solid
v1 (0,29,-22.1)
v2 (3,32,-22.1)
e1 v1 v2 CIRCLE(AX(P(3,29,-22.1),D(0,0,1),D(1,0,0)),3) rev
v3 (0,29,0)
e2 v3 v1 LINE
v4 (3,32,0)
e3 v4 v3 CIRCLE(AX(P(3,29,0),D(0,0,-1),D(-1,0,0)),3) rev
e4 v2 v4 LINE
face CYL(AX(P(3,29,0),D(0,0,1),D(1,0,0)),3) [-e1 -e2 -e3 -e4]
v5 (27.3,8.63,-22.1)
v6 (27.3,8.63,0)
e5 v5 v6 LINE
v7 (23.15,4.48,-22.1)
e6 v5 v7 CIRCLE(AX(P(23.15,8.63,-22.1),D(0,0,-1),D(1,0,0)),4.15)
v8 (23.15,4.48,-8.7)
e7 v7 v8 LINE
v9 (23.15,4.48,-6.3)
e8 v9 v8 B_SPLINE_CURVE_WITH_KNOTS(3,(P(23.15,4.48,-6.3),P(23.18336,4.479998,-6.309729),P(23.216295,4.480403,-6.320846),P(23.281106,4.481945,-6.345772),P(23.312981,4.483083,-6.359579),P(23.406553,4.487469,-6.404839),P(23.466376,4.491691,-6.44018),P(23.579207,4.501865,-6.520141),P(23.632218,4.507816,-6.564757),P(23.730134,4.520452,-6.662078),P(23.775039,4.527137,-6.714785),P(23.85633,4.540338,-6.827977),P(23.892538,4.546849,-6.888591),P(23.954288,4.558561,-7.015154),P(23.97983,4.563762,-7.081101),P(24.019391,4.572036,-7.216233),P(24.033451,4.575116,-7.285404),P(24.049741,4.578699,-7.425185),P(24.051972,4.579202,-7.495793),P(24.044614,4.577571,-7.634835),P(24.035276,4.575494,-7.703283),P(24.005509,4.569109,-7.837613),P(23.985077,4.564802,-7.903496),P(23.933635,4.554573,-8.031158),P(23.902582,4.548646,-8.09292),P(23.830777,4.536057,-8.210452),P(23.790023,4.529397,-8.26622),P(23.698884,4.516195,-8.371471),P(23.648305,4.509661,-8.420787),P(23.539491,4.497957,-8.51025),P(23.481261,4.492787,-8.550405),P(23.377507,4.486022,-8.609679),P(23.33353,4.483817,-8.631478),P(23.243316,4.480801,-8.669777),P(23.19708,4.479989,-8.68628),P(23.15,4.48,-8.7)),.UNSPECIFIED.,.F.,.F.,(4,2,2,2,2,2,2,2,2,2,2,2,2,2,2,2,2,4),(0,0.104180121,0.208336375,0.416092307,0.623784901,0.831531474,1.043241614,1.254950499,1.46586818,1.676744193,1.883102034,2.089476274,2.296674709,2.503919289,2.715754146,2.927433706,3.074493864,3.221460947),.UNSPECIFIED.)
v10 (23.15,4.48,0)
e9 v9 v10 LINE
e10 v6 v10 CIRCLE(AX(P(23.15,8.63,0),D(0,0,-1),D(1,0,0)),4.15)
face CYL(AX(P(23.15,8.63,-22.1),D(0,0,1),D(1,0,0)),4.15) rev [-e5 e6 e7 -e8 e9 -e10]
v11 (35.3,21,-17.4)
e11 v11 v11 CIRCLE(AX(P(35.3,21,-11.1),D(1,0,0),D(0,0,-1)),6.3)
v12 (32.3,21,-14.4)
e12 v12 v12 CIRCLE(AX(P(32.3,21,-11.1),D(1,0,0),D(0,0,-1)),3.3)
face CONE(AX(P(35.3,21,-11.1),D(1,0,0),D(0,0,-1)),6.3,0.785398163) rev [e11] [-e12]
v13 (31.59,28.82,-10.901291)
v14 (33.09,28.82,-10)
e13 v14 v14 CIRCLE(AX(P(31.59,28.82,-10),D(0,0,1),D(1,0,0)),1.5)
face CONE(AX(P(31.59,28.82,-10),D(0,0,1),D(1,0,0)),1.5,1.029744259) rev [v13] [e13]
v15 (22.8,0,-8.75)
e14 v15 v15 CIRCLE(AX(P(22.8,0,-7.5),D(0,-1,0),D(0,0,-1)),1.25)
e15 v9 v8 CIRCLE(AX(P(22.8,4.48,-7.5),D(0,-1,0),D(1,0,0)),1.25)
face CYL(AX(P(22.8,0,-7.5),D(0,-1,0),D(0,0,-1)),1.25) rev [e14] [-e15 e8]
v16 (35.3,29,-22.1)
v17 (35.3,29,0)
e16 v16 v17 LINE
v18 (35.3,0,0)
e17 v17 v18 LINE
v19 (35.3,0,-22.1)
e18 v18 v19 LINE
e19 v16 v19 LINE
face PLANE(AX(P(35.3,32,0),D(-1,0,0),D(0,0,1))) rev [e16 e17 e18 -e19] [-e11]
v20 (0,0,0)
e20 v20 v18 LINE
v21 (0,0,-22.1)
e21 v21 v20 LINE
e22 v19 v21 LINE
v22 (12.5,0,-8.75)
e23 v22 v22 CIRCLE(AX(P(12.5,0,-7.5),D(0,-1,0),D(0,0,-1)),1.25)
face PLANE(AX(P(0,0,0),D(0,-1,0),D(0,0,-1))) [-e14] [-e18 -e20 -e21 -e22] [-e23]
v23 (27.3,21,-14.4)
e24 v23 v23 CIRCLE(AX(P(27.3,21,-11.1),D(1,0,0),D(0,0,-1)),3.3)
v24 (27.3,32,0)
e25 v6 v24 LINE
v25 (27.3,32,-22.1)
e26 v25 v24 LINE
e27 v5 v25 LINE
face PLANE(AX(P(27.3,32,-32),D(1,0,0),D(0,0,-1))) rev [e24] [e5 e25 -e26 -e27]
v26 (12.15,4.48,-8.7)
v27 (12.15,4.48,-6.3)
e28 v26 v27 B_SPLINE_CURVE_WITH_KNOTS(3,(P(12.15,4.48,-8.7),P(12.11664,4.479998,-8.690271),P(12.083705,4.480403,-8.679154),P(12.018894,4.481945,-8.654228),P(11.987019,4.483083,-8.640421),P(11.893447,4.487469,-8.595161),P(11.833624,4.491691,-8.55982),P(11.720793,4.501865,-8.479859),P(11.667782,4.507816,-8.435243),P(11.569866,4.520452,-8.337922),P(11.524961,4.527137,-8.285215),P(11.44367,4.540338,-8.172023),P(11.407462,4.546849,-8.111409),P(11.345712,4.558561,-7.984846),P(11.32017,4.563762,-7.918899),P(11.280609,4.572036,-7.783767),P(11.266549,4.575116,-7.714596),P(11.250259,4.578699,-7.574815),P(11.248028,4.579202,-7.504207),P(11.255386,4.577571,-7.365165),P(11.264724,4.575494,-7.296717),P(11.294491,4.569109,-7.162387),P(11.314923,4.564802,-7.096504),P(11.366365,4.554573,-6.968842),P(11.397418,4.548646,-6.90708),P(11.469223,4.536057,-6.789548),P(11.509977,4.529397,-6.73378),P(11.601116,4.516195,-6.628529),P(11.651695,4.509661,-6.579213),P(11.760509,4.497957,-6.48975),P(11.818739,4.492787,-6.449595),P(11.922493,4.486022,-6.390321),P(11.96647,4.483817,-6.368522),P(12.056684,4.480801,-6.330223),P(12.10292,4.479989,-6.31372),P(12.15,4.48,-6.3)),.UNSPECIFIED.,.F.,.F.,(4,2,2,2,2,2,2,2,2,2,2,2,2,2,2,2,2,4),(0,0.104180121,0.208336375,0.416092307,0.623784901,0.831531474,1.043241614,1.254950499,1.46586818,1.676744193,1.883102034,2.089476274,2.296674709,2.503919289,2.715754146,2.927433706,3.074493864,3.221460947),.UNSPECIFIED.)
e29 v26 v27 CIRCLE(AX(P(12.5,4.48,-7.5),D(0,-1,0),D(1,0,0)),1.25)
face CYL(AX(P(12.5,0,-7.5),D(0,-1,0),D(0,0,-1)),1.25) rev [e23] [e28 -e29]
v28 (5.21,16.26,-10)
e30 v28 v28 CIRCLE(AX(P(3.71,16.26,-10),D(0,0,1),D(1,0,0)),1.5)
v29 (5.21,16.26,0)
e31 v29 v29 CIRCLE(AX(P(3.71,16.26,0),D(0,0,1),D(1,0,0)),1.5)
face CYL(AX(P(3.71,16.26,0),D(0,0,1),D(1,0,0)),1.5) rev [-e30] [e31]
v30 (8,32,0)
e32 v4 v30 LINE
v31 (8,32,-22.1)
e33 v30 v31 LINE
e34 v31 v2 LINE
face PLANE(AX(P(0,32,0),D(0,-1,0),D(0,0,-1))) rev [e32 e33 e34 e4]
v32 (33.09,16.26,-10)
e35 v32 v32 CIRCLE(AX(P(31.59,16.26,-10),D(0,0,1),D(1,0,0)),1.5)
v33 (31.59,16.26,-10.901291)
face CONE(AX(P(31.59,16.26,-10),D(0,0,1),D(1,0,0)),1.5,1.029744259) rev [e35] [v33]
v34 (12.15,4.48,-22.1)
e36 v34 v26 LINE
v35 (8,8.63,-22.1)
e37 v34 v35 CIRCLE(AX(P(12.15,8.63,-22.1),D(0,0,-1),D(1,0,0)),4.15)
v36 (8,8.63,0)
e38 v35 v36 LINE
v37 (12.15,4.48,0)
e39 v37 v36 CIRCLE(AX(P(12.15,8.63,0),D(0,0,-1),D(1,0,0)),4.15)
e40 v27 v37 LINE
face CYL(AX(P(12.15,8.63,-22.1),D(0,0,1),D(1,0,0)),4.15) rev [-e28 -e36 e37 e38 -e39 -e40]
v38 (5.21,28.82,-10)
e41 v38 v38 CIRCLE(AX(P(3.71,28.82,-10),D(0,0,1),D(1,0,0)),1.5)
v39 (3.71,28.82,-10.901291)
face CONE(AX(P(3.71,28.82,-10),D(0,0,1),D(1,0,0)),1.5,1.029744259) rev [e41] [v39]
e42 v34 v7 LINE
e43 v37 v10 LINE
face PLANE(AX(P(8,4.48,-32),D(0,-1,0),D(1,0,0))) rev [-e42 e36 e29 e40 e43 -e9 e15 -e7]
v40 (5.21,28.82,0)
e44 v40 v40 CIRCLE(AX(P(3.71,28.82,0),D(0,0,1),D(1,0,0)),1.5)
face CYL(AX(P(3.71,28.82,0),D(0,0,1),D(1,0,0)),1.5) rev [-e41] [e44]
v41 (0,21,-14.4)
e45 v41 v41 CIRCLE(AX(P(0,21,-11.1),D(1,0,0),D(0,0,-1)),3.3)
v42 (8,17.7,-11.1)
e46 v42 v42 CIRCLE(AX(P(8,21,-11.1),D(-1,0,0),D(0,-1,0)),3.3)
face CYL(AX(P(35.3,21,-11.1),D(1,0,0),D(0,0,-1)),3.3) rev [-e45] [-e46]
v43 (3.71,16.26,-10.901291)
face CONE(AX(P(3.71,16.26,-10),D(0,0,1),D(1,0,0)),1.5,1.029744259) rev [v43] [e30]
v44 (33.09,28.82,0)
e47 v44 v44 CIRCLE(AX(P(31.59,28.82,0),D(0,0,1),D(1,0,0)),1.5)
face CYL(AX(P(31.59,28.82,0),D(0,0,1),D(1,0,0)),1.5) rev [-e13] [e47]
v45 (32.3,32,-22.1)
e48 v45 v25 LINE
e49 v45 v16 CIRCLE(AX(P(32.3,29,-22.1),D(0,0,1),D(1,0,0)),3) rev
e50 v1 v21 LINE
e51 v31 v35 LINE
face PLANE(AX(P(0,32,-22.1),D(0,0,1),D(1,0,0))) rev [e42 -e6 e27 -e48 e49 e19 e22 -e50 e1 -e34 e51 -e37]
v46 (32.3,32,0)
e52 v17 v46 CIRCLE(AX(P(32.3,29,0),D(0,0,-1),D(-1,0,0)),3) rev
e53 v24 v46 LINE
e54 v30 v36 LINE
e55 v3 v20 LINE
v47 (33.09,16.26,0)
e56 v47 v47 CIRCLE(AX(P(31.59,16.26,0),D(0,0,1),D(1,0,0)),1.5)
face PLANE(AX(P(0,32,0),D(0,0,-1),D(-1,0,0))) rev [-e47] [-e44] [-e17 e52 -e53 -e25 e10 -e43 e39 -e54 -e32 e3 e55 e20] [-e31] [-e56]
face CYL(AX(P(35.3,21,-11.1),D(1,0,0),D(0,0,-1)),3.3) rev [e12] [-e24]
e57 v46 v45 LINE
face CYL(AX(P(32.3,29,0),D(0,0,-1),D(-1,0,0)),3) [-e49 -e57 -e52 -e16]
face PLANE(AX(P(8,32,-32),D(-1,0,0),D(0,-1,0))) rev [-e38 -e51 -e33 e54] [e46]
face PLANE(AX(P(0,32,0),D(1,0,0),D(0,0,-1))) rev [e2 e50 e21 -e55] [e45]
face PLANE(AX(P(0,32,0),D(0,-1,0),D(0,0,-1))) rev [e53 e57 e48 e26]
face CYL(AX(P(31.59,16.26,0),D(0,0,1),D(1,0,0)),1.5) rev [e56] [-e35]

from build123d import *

# Parameters (mm, degrees)
SKETCH1_W                                           = 35.3
SKETCH1_H                                           = 22.1
BOSS_EXTRUDE1_DEPTH                                 = 32
SKETCH2_W                                           = 19.3
SKETCH2_H                                           = 27.52
CUT_EXTRUDE1_DEPTH                                  = 32
BOSS_EXTRUDE2_DEPTH                                 = 22.1
FILLET1_R                                           = 3
CSK_FOR_M6_COUNTERSUNK_FLAT_HEAD_SCREW1_D           = 6.6
CSK_FOR_M6_COUNTERSUNK_FLAT_HEAD_SCREW1_DEPTH       = 45
CSK_FOR_M6_COUNTERSUNK_FLAT_HEAD_SCREW1_CSINK_D     = 12.6
CSK_FOR_M6_COUNTERSUNK_FLAT_HEAD_SCREW1_CSINK_ANGLE = 90
CSK_FOR_M6_COUNTERSUNK_FLAT_HEAD_SCREW1_TIP         = 1.982840043
F_3_0MM_DOWEL_HOLE1_D                               = 3
F_3_0MM_DOWEL_HOLE1_DEPTH                           = 10
F_3_0MM_DOWEL_HOLE1_TIP                             = 0.901290929
F_2_5MM_DOWEL_HOLE1_D                               = 2.5
F_2_5MM_DOWEL_HOLE1_DEPTH                           = 10
F_2_5MM_DOWEL_HOLE1_TIP                             = 0.751075774


with BuildPart() as part:
    # Sketch1 → Boss-Extrude1 (new body)
    with BuildSketch(Plane(origin=(0, 0, 0), x_dir=(1, 0, 0), z_dir=(0, 1, 0))):
        with Locations((17.65, 11.05)):
            Rectangle(SKETCH1_W, SKETCH1_H)
    extrude(amount=BOSS_EXTRUDE1_DEPTH)

    # Sketch2 → Cut-Extrude1 (cut)
    with BuildSketch(Plane.XY):
        with Locations((17.65, 18.24)):
            Rectangle(SKETCH2_W, SKETCH2_H)
    extrude(amount=-CUT_EXTRUDE1_DEPTH, mode=Mode.SUBTRACT)

    # Sketch3 → Boss-Extrude2 (add)
    with BuildSketch(Plane.XY):
        with BuildLine():
            Line((8, 8.63), (8, 4.48))
            Line((8, 4.48), (12.15, 4.48))
            ThreePointArc((12.15, 4.48), (9.215506858, 5.695506858), (8, 8.63))
        make_face()
        with BuildLine():
            Line((27.3, 4.48), (27.3, 8.63))
            ThreePointArc((27.3, 8.63), (26.084493142, 5.695506858), (23.15, 4.48))
            Line((23.15, 4.48), (27.3, 4.48))
        make_face()
    extrude(amount=-BOSS_EXTRUDE2_DEPTH)

    # Fillet1
    fillet1_edges = [part.edges().sort_by_distance(p)[0] for p in [
        (35.3, 32, -11.05),
        (0, 32, -11.05),
    ]]
    fillet(fillet1_edges, radius=FILLET1_R)

    # CSK for M6 Countersunk Flat Head Screw1
    with Locations(Plane(origin=(35.3, 0, 0), x_dir=(0, 0, -1), z_dir=(1, 0, 0))):
        with Locations((11.1, 21)):
            CounterSinkHole(CSK_FOR_M6_COUNTERSUNK_FLAT_HEAD_SCREW1_D / 2, CSK_FOR_M6_COUNTERSUNK_FLAT_HEAD_SCREW1_CSINK_D / 2, depth=CSK_FOR_M6_COUNTERSUNK_FLAT_HEAD_SCREW1_DEPTH, counter_sink_angle=CSK_FOR_M6_COUNTERSUNK_FLAT_HEAD_SCREW1_CSINK_ANGLE)
            with Locations((0, 0, -(CSK_FOR_M6_COUNTERSUNK_FLAT_HEAD_SCREW1_DEPTH + CSK_FOR_M6_COUNTERSUNK_FLAT_HEAD_SCREW1_TIP / 2))):  # 118° drill point
                Cone(0, CSK_FOR_M6_COUNTERSUNK_FLAT_HEAD_SCREW1_D / 2, CSK_FOR_M6_COUNTERSUNK_FLAT_HEAD_SCREW1_TIP, mode=Mode.SUBTRACT)

    # Ø3.0mm Dowel Hole1
    with Locations(Plane.XY):
        with Locations((3.71, 28.82), (3.71, 16.26), (31.59, 28.82), (31.59, 16.26)):
            Hole(F_3_0MM_DOWEL_HOLE1_D / 2, depth=F_3_0MM_DOWEL_HOLE1_DEPTH)
            with Locations((0, 0, -(F_3_0MM_DOWEL_HOLE1_DEPTH + F_3_0MM_DOWEL_HOLE1_TIP / 2))):  # 118° drill point
                Cone(0, F_3_0MM_DOWEL_HOLE1_D / 2, F_3_0MM_DOWEL_HOLE1_TIP, mode=Mode.SUBTRACT)

    # Ø2.5mm Dowel Hole1
    with Locations(Plane(origin=(0, 0, 0), x_dir=(-1, 0, 0), z_dir=(0, -1, 0))):
        with Locations((-12.5, 7.5), (-22.8, 7.5)):
            Hole(F_2_5MM_DOWEL_HOLE1_D / 2, depth=F_2_5MM_DOWEL_HOLE1_DEPTH)
            with Locations((0, 0, -(F_2_5MM_DOWEL_HOLE1_DEPTH + F_2_5MM_DOWEL_HOLE1_TIP / 2))):  # 118° drill point
                Cone(0, F_2_5MM_DOWEL_HOLE1_D / 2, F_2_5MM_DOWEL_HOLE1_TIP, mode=Mode.SUBTRACT)


solid = part.part
